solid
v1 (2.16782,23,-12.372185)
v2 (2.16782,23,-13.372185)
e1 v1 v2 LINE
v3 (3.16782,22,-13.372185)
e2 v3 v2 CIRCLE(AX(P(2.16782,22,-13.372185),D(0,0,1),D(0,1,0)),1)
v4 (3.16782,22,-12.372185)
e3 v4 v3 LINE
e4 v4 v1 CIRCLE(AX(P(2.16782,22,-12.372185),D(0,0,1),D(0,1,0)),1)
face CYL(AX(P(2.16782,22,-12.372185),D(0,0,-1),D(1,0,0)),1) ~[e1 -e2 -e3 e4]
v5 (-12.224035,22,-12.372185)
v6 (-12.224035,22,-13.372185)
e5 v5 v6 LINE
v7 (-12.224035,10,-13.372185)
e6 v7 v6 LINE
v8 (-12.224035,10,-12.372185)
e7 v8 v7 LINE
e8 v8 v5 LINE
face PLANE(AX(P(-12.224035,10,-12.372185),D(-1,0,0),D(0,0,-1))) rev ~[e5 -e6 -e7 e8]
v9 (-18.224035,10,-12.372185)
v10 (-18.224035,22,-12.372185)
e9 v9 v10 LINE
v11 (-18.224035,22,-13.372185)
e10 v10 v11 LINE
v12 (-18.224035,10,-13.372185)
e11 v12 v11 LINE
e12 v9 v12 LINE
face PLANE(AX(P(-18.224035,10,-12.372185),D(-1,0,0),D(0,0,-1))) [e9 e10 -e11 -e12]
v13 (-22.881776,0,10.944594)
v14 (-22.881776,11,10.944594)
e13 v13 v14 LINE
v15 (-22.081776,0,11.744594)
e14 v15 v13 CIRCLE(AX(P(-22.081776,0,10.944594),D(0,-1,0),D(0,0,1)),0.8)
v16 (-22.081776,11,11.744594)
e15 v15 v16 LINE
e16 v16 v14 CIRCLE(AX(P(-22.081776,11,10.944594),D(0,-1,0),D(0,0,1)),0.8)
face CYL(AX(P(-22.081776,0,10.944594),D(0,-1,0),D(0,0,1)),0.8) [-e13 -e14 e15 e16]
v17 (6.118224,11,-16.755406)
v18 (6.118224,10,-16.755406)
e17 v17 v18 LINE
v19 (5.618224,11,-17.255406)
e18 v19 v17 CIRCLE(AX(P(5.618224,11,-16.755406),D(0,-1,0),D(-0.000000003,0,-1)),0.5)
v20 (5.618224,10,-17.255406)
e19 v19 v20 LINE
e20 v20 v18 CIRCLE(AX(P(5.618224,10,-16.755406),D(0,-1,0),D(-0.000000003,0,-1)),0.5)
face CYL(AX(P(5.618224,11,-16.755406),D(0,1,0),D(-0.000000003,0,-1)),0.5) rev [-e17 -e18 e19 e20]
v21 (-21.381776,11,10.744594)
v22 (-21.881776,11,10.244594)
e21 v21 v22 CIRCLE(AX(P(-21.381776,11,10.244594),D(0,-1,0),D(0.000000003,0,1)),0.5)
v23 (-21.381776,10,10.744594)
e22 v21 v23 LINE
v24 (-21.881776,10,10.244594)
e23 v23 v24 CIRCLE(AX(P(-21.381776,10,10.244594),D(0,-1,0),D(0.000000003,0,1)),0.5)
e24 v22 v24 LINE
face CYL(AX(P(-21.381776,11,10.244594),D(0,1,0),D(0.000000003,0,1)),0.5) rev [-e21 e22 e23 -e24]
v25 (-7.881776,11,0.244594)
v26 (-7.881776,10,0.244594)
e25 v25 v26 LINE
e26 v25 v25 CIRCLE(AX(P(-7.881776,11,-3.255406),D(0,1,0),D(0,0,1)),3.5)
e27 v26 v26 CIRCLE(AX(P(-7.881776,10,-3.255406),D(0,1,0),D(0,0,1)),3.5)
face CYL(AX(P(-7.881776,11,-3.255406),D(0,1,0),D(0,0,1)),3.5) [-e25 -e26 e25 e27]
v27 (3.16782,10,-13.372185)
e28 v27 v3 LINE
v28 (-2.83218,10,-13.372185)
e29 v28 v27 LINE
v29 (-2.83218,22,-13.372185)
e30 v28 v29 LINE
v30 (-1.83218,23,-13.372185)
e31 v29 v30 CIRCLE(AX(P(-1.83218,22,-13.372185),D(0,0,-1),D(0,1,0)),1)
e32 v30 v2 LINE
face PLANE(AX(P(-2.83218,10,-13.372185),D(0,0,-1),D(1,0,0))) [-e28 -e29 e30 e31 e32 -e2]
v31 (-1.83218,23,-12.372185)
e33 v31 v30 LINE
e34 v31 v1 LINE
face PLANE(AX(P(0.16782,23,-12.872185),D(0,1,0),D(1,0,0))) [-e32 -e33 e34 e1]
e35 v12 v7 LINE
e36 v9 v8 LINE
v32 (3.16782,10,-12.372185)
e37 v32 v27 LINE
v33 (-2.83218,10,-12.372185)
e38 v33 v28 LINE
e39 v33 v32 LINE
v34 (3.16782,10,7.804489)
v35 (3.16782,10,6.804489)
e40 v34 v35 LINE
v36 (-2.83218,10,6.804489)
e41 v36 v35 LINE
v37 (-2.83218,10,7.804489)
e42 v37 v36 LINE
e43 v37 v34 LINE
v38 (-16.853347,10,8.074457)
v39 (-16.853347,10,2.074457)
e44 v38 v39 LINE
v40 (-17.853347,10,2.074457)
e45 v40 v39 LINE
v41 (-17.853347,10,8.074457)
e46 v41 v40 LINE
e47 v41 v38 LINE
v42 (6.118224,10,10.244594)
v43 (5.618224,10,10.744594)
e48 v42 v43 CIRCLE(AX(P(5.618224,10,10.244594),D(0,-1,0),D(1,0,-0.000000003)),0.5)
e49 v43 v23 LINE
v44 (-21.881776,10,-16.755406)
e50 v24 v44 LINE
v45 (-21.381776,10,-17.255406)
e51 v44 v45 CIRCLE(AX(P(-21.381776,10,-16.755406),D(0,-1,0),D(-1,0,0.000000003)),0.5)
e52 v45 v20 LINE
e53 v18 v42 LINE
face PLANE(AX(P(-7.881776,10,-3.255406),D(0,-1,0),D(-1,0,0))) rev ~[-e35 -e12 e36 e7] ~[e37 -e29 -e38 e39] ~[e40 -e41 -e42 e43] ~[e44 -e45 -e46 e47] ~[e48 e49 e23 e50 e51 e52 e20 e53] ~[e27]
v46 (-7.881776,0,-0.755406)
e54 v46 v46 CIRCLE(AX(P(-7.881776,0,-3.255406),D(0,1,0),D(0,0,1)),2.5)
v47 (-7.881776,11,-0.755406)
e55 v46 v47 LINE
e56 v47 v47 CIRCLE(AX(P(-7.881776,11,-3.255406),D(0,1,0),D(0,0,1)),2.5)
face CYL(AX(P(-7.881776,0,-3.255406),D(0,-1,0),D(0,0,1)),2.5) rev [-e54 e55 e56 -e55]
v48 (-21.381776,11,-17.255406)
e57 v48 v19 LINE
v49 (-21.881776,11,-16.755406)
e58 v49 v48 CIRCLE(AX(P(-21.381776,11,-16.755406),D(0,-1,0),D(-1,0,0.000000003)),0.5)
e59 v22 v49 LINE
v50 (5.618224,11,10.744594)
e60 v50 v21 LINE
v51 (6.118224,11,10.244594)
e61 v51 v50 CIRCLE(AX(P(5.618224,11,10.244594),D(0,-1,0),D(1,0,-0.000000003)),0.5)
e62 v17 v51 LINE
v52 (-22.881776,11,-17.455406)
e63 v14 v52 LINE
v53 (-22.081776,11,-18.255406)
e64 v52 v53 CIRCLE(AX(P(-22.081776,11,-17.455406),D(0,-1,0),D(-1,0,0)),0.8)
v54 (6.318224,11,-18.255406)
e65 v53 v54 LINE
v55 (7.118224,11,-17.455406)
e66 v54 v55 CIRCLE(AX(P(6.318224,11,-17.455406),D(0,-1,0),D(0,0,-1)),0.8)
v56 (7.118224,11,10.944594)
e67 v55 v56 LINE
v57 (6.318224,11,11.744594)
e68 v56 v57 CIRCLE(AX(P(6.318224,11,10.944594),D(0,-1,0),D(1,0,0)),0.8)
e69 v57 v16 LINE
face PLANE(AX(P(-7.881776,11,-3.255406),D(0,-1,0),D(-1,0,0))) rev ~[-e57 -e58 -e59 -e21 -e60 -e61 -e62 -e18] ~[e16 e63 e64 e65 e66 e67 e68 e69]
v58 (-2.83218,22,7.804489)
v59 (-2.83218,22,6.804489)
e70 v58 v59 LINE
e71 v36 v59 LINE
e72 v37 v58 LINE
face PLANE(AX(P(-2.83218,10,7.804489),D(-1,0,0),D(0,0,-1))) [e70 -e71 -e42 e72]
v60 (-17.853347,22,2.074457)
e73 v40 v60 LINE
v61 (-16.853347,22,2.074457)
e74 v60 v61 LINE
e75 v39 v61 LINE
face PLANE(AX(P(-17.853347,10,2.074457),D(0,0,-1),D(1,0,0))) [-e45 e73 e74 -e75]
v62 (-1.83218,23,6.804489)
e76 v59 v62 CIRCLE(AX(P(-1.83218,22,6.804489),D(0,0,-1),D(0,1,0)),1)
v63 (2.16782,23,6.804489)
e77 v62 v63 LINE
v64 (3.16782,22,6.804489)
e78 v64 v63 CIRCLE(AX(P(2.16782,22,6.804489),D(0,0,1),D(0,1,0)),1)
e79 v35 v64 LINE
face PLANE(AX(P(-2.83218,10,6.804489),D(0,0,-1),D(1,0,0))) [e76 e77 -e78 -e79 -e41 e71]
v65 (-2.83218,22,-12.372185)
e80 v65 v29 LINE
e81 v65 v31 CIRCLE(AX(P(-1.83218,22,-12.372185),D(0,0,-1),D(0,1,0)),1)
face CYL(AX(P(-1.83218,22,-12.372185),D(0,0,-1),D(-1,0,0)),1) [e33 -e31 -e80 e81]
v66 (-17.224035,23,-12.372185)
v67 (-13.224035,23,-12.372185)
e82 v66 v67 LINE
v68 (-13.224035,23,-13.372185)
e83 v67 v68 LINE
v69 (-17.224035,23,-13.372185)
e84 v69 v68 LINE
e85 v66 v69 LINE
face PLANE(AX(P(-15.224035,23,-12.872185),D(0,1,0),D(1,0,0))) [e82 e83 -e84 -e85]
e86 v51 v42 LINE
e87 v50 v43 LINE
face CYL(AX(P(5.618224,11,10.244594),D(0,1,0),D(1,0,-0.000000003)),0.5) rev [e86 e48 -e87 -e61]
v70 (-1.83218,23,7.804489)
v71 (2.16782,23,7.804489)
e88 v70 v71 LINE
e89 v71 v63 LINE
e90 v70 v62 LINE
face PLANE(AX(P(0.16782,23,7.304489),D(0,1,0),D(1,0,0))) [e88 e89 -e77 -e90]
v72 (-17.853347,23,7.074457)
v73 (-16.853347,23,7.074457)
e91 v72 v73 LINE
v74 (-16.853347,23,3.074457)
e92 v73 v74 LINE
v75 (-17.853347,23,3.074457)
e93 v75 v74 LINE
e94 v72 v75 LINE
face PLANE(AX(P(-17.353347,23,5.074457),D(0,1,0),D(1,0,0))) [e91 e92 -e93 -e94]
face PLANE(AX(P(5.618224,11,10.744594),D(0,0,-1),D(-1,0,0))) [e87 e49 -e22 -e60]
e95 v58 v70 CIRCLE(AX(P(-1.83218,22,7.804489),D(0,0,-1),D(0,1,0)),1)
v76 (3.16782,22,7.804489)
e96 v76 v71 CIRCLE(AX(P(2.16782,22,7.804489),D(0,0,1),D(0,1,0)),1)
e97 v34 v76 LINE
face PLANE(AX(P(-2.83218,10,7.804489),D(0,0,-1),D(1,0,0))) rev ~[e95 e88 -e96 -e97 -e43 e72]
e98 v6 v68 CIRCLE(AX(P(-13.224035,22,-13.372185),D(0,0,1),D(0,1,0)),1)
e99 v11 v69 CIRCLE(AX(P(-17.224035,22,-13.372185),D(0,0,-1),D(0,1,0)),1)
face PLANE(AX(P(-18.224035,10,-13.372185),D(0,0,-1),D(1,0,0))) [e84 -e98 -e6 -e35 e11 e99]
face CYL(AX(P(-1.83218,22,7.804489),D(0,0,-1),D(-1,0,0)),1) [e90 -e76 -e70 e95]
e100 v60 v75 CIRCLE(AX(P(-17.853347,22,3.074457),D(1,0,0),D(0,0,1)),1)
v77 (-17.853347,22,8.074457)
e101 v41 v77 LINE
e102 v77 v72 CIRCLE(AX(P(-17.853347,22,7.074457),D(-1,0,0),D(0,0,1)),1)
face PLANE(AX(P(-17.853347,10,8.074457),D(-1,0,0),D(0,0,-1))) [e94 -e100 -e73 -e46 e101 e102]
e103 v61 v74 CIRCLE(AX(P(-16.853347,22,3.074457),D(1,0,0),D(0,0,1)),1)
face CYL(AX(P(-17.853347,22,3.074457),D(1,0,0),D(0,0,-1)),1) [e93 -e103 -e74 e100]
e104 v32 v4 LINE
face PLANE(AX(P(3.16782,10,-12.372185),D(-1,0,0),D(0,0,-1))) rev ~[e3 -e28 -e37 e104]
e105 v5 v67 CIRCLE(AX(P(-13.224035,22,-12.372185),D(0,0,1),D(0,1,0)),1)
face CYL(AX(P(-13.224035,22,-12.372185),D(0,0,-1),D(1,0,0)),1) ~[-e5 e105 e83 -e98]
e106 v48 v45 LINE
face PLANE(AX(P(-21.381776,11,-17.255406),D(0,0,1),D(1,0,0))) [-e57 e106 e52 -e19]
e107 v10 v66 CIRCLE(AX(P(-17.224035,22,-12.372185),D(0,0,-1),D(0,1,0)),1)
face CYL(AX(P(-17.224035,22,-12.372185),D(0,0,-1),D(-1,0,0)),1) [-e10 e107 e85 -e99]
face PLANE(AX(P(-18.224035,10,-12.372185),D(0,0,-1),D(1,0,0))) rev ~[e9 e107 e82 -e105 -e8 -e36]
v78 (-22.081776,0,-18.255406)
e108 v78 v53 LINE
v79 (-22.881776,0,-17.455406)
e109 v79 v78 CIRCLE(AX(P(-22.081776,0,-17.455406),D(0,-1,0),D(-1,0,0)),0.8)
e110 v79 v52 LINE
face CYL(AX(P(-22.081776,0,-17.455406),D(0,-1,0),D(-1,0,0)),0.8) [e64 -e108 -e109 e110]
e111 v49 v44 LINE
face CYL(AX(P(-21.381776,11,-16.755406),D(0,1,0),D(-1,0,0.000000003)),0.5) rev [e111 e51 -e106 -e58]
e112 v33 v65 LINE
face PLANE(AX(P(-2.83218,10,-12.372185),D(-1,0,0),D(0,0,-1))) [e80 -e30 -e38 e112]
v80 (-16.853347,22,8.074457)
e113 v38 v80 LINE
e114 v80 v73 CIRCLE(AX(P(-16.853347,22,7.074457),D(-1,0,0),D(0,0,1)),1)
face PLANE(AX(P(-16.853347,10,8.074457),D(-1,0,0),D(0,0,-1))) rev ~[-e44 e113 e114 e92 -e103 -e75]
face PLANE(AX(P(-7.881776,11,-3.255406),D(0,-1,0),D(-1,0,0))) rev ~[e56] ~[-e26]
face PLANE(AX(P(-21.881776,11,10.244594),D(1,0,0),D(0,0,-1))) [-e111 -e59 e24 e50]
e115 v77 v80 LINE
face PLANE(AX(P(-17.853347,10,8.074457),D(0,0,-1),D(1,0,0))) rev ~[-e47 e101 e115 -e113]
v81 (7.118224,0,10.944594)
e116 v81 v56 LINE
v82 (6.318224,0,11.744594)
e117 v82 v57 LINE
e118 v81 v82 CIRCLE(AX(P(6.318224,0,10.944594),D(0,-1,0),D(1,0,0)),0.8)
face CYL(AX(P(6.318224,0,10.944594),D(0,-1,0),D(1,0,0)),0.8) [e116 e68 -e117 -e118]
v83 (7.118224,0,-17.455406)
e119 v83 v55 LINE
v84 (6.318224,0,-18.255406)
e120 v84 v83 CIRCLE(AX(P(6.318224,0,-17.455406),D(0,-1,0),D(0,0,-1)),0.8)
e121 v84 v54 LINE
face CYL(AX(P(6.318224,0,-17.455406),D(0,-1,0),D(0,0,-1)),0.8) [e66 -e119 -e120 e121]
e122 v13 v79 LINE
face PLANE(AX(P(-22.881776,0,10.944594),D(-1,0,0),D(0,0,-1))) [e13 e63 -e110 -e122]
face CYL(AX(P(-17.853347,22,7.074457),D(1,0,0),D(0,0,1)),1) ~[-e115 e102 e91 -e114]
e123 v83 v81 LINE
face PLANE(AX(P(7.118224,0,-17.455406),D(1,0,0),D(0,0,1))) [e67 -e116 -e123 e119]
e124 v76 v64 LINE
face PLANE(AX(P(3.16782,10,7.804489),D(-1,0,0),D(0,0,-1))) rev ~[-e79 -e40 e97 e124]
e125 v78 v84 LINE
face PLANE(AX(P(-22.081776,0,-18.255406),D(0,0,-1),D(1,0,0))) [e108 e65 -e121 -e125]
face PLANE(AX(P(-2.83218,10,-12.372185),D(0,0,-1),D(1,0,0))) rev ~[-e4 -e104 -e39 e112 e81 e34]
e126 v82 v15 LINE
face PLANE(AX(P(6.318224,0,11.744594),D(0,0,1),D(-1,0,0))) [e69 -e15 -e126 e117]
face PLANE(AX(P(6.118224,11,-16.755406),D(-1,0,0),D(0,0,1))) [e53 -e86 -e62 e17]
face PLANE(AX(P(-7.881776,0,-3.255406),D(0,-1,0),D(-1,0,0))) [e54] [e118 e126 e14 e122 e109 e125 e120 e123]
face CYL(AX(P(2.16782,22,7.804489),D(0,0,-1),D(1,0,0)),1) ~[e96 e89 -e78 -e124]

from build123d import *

# Parameters (mm, degrees)
SKETCH1_R           = 2.5
BOSS_EXTRUDE1_DEPTH = 11
SKETCH2_R           = 3.5
CUT_EXTRUDE1_DEPTH  = 1
SKETCH3_W           = 6
SKETCH3_H           = 1
SKETCH3_W_2         = 1
SKETCH3_H_2         = 6
BOSS_EXTRUDE2_DEPTH = 13
FILLET1_R           = 1


with BuildPart() as part:
    # Sketch1 → Boss-Extrude1 (new body)
    with BuildSketch(Plane(origin=(0, 0, 0), x_dir=(1, 0, 0), z_dir=(0, 1, 0))):
        with BuildLine():
            Line((-22.081775976, 18.25540597), (6.318224024, 18.25540597))
            ThreePointArc((6.318224024, 18.25540597), (6.883909449, 18.021091395), (7.118224024, 17.45540597))
            Line((7.118224024, 17.45540597), (7.118224024, -10.94459403))
            ThreePointArc((7.118224024, -10.94459403), (6.883909449, -11.510279455), (6.318224024, -11.74459403))
            Line((6.318224024, -11.74459403), (-22.081775976, -11.74459403))
            ThreePointArc((-22.081775976, -11.74459403), (-22.647461401, -11.510279455), (-22.881775976, -10.94459403))
            Line((-22.881775976, -10.94459403), (-22.881775976, 17.45540597))
            ThreePointArc((-22.881775976, 17.45540597), (-22.647461401, 18.021091395), (-22.081775976, 18.25540597))
        make_face()
        with Locations(Location((-7.881775976, 3.25540597, 0), (0, 0, 270))):
            Circle(SKETCH1_R, mode=Mode.SUBTRACT)
    extrude(amount=BOSS_EXTRUDE1_DEPTH)

    # Sketch2 → Cut-Extrude1 (cut)
    with BuildSketch(Plane(origin=(0, 11, 0), x_dir=(1, 0, 0), z_dir=(0, 1, 0))):
        with BuildLine():
            Line((-21.381775976, 17.25540597), (5.618224024, 17.25540597))
            ThreePointArc((5.618224024, 17.25540597), (5.971777415, 17.108959361), (6.118224024, 16.75540597))
            Line((6.118224024, 16.75540597), (6.118224024, -10.24459403))
            ThreePointArc((6.118224024, -10.24459403), (5.971777415, -10.598147421), (5.618224024, -10.74459403))
            Line((5.618224024, -10.74459403), (-21.381775976, -10.74459403))
            ThreePointArc((-21.381775976, -10.74459403), (-21.735329367, -10.598147421), (-21.881775976, -10.24459403))
            Line((-21.881775976, -10.24459403), (-21.881775976, 16.75540597))
            ThreePointArc((-21.881775976, 16.75540597), (-21.735329367, 17.108959361), (-21.381775976, 17.25540597))
        make_face()
        with Locations(Location((-7.881775976, 3.25540597, 0), (0, 0, 270))):
            Circle(SKETCH2_R, mode=Mode.SUBTRACT)
    extrude(amount=-CUT_EXTRUDE1_DEPTH, mode=Mode.SUBTRACT)

    # Sketch3 → Boss-Extrude2 (add)
    with BuildSketch(Plane(origin=(0, 10, 0), x_dir=(1, 0, 0), z_dir=(0, 1, 0))):
        with Locations((-15.224035156, 12.872185426)):
            Rectangle(SKETCH3_W, SKETCH3_H)
        with Locations((0.167819541, 12.872185426)):
            Rectangle(SKETCH3_W, SKETCH3_H)
        with Locations((0.167819541, -7.304488602)):
            Rectangle(SKETCH3_W, SKETCH3_H)
        with Locations((-17.353346933, -5.074456638)):
            Rectangle(SKETCH3_W_2, SKETCH3_H_2)
    extrude(amount=BOSS_EXTRUDE2_DEPTH)

    # Fillet1
    fillet1_edges = [part.edges().sort_by_distance(p)[0] for p in [
        (-18.224035156, 23, -12.872185426),
        (-12.224035156, 23, -12.872185426),
        (-2.832180459, 23, -12.872185426),
        (3.167819541, 23, -12.872185426),
        (-2.832180459, 23, 7.304488602),
        (3.167819541, 23, 7.304488602),
        (-17.353346933, 23, 8.074456638),
        (-17.353346933, 23, 2.074456638),
    ]]
    fillet(fillet1_edges, radius=FILLET1_R)


solid = part.part
